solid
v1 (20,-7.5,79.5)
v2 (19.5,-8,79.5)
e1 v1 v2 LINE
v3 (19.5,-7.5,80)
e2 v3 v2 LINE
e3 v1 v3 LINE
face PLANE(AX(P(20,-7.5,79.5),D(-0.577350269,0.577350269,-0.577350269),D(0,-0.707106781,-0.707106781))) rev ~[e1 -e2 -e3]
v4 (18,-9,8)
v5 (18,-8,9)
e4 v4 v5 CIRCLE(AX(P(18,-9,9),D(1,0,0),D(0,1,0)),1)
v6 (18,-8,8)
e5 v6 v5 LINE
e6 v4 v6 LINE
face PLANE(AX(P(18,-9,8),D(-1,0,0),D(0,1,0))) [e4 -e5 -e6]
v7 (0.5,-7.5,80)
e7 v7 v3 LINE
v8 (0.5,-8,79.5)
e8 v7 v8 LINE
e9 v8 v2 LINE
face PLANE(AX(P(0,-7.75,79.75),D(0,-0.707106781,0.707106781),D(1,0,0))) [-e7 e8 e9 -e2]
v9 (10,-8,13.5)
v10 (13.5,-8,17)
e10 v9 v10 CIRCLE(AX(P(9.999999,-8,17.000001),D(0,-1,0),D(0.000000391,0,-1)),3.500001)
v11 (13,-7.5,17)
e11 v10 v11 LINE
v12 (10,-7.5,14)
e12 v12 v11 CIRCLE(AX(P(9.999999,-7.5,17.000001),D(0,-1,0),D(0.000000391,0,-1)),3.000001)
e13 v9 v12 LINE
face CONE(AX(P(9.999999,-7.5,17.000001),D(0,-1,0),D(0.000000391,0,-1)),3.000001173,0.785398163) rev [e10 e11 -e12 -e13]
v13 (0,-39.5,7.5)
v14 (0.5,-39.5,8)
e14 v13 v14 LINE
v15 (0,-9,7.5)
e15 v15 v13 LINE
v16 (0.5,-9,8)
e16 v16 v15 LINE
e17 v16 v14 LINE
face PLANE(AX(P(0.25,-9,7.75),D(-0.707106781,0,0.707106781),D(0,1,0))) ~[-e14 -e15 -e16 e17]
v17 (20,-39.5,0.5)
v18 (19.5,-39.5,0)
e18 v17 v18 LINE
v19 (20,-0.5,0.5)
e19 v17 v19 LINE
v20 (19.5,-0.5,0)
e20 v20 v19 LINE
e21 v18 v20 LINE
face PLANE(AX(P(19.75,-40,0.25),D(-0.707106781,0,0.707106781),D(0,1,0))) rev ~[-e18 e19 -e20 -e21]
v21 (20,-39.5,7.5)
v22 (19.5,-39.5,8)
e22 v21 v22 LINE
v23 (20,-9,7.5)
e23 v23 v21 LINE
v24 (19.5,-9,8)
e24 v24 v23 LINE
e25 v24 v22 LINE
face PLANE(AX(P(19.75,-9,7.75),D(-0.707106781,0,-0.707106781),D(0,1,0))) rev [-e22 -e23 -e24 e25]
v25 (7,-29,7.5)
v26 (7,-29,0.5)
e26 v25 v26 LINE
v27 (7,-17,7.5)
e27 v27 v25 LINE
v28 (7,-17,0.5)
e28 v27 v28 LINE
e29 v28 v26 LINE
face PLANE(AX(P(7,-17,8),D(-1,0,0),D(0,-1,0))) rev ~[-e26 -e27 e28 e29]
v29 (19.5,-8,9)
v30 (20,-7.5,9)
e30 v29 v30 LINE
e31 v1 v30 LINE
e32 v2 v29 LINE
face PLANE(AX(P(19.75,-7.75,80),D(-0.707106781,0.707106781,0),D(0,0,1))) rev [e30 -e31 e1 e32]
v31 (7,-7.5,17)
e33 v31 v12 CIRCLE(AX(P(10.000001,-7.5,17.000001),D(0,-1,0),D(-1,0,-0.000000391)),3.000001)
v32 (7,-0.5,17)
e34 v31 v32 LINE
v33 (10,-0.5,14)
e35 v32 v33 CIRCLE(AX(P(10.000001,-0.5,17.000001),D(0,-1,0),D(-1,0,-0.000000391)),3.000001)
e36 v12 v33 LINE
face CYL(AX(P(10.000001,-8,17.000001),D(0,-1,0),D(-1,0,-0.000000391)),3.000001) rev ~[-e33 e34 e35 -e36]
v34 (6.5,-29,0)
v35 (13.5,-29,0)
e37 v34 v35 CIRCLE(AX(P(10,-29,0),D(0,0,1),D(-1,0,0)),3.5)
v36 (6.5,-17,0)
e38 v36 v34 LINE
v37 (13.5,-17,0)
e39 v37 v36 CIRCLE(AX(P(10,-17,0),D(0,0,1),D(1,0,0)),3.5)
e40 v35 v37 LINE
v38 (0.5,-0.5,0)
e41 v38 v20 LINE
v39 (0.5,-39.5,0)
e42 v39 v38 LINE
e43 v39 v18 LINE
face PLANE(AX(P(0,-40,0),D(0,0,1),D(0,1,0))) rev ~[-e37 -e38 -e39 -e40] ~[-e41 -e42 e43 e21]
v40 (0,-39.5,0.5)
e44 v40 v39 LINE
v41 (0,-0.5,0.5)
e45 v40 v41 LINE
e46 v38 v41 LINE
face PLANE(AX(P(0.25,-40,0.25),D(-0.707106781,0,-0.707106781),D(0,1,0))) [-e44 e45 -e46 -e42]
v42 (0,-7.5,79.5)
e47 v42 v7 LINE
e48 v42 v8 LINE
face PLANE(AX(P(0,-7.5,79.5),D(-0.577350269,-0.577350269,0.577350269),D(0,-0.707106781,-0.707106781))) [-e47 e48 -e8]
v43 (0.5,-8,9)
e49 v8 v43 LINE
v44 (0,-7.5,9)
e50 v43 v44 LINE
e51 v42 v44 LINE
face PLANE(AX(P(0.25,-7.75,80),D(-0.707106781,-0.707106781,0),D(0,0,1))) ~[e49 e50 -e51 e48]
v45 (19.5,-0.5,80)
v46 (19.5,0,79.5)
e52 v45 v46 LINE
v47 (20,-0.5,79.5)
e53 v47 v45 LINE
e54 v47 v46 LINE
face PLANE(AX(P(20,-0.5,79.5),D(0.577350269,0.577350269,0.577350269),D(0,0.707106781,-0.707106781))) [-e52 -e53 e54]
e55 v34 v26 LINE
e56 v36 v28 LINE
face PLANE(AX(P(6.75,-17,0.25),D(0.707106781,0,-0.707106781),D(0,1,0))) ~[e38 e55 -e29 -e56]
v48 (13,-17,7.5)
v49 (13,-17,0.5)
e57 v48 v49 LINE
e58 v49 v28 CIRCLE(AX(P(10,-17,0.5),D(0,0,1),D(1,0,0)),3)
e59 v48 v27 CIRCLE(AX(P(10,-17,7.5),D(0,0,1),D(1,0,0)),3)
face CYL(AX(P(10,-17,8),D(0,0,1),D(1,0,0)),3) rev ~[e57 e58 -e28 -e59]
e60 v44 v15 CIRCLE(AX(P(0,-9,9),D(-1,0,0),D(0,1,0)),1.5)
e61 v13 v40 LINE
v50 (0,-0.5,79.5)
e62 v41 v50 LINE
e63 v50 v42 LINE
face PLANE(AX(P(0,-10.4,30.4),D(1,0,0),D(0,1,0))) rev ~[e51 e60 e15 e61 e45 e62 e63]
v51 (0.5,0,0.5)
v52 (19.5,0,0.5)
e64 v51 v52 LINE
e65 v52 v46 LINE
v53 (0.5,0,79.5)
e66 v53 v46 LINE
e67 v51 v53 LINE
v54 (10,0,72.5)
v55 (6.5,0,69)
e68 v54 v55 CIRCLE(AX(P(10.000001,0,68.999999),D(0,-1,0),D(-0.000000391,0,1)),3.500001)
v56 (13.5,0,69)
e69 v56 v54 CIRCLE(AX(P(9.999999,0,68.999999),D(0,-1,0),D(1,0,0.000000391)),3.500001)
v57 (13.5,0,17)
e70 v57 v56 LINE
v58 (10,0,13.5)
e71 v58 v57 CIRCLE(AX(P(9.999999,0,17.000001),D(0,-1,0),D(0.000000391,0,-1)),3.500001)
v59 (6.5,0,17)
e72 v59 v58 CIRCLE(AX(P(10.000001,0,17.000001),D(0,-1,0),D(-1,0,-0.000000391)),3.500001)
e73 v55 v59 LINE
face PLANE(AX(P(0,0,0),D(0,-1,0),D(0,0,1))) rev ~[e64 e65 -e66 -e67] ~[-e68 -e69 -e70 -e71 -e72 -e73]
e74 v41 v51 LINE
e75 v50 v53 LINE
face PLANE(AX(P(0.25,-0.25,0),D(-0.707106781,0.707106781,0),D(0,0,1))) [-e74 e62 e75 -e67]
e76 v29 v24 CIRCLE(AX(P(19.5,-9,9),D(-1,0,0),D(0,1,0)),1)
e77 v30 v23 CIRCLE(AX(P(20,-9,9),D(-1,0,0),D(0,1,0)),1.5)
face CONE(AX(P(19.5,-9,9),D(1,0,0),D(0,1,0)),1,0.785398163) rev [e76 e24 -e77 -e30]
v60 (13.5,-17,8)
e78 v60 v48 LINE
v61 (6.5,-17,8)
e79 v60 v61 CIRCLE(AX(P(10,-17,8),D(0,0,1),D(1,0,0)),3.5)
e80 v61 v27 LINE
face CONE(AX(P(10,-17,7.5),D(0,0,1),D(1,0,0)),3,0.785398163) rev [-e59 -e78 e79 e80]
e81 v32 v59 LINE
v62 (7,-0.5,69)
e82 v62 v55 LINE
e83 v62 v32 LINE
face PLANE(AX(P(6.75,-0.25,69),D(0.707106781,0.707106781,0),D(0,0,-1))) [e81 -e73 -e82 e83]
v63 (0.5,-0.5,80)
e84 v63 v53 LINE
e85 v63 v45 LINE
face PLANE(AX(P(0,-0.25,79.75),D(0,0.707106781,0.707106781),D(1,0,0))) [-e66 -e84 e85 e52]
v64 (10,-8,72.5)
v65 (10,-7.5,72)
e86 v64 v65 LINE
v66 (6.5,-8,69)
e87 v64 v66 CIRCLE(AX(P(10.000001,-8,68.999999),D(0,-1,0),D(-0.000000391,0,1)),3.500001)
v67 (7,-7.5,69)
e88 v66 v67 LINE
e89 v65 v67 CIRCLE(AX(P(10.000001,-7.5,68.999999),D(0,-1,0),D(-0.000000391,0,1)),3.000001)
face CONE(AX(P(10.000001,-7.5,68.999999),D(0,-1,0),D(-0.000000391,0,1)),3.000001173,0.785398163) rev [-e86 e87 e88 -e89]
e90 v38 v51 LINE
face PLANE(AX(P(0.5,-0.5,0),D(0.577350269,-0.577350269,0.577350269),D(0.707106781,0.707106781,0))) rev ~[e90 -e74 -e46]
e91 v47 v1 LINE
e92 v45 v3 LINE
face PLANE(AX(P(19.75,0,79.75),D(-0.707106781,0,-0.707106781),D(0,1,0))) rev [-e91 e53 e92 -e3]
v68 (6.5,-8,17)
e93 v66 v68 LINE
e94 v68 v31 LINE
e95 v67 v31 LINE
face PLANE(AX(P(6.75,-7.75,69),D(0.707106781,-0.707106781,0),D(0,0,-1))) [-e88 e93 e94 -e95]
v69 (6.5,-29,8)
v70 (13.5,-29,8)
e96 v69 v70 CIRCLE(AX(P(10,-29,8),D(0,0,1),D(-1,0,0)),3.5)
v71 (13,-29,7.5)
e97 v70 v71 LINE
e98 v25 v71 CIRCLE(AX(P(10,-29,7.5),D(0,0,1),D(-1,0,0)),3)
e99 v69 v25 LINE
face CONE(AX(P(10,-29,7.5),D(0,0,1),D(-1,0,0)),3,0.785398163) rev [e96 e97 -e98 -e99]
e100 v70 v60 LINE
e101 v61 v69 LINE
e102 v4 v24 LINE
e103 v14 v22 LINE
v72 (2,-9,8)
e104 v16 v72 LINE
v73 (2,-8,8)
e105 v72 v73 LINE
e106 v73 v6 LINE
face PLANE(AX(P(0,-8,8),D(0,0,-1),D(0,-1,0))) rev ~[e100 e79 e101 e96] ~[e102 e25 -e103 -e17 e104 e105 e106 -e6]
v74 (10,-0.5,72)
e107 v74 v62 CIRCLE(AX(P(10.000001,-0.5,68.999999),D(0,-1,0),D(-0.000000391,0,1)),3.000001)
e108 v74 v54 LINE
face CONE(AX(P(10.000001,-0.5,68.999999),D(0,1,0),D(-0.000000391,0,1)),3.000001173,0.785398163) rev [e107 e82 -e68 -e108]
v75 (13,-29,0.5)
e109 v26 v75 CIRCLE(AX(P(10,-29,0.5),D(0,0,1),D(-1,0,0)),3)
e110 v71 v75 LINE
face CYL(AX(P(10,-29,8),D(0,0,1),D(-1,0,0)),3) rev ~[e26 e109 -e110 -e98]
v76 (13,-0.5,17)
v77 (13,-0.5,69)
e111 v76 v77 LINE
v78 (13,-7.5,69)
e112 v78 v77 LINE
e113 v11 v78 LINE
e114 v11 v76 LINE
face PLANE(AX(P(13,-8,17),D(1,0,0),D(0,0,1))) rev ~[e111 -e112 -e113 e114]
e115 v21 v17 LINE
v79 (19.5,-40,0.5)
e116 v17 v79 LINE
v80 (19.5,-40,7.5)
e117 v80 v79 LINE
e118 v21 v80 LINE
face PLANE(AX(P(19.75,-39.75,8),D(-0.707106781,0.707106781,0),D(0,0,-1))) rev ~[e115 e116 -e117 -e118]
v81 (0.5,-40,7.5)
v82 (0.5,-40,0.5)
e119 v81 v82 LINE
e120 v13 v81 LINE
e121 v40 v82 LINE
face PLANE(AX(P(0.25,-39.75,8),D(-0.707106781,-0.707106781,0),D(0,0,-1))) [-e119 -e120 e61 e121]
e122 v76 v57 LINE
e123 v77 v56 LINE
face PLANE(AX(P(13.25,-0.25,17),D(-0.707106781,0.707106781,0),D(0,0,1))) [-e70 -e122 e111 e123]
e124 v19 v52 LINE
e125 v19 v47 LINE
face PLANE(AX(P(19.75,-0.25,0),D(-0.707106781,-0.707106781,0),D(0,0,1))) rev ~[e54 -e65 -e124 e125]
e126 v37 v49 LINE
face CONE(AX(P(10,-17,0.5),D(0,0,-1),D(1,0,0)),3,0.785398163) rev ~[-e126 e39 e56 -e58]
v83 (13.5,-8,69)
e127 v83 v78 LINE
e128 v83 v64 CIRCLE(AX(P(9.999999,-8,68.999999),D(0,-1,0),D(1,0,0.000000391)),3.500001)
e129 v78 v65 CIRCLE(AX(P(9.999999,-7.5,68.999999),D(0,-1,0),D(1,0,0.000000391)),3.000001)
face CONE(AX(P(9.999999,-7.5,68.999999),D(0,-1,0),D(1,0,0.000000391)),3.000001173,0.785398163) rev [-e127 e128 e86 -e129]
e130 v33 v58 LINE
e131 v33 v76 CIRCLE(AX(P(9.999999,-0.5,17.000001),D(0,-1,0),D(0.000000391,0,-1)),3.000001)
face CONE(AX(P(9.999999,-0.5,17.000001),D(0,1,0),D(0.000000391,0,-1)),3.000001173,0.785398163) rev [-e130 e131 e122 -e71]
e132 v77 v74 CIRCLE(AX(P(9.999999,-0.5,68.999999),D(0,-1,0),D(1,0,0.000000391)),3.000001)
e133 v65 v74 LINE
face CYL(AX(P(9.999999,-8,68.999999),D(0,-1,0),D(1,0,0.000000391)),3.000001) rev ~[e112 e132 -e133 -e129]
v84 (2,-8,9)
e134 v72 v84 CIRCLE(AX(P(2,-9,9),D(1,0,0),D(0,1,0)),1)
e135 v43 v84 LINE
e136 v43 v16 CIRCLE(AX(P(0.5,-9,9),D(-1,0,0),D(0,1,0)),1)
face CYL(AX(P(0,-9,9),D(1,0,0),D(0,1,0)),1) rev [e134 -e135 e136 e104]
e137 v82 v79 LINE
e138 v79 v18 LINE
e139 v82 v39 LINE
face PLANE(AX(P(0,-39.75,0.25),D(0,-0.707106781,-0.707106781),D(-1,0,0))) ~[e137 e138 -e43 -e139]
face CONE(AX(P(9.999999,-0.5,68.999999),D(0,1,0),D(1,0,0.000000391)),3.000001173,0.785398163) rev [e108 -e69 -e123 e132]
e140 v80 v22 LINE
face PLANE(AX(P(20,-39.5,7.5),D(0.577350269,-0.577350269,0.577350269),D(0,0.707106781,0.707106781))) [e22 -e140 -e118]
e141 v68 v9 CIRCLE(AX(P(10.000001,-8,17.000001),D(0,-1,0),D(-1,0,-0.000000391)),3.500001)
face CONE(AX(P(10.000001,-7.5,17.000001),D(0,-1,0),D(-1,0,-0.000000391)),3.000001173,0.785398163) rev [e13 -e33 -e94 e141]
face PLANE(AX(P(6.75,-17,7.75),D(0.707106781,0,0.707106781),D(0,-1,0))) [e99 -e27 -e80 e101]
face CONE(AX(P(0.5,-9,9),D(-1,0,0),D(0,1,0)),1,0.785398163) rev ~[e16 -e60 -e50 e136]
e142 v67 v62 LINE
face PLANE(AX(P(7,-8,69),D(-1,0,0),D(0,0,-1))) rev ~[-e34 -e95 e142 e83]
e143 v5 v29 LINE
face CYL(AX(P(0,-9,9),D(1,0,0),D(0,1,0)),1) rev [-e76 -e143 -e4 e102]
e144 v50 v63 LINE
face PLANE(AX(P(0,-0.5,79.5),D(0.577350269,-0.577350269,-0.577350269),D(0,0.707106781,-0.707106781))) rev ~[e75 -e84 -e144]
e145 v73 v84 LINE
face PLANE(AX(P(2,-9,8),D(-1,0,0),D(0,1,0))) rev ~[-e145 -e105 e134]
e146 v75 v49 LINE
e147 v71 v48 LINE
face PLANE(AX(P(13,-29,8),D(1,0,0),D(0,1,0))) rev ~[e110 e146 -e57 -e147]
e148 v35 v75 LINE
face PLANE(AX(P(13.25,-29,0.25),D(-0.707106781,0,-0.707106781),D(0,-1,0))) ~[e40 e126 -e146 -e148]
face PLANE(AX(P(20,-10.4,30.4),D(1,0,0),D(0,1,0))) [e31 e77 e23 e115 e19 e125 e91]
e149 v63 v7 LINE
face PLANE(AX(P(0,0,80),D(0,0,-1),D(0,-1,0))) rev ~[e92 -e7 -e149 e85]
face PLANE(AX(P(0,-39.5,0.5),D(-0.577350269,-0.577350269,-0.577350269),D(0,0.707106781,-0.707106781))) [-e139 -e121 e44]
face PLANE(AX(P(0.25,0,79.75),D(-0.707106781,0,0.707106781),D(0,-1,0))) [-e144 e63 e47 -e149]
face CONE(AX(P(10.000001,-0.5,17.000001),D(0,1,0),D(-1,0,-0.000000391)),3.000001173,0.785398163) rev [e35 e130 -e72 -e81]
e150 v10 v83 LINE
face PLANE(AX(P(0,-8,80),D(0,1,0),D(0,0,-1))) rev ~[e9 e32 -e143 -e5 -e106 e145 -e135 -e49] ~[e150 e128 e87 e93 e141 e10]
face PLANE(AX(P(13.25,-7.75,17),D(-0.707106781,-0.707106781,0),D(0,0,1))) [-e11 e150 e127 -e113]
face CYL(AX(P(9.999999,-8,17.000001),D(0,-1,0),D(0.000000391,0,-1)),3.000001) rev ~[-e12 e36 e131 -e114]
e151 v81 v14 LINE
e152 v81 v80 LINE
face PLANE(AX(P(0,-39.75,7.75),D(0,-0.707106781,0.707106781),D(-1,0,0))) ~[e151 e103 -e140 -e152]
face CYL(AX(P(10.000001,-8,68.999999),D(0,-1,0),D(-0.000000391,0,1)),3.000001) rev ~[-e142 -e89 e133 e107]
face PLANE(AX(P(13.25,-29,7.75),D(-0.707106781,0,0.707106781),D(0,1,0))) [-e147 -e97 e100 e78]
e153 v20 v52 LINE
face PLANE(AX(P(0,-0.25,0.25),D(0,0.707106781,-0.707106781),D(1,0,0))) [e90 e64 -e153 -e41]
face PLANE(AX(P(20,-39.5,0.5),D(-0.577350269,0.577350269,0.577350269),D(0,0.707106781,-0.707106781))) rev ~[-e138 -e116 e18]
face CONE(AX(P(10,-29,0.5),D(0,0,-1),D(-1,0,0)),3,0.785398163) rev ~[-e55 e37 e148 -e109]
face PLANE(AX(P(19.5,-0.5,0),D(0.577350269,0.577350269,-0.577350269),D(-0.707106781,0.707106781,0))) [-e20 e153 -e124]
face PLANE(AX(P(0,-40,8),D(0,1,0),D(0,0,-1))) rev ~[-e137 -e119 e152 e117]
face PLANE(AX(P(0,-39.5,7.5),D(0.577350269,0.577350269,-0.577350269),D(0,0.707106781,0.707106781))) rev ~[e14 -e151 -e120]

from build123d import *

# Parameters (mm, degrees)
F1_DEPTH = 20
F2_R     = 1
F3_W     = 16
F3_H     = 1
F4_DEPTH = 25
F6_DEPTH = 25
F8_DEPTH = 25
F9_SIZE  = 0.5


with BuildPart() as f1:
    # F0 (on Right) → F1 (new body)
    with BuildSketch(Plane.YZ):
        Polygon((-40, 0), (0, 0), (0, 80), (-8, 80), (-8, 8), (-40, 8), align=None)
    extrude(amount=F1_DEPTH)

    # F2
    f2_edges = [f1.edges().sort_by_distance(p)[0] for p in [
        (10, -8, 8),
    ]]
    fillet(f2_edges, radius=F2_R)

    # F3 (on face) → F4 (cut)
    with BuildSketch(Plane.XY.offset(8)):
        with Locations((10, -8.5)):
            Rectangle(F3_W, F3_H)
    extrude(amount=F4_DEPTH, mode=Mode.SUBTRACT)

    # F5 (on face) → F6 (cut)
    with BuildSketch(Plane.XY.offset(8)):
        with BuildLine():
            Line((7, -17), (7, -29))
            ThreePointArc((7, -29), (10, -32), (13, -29))
            Line((13, -29), (13, -17))
            ThreePointArc((13, -17), (10, -14), (7, -17))
        make_face()
    extrude(amount=-F6_DEPTH, mode=Mode.SUBTRACT)

    # F7 (on face) → F8 (cut)
    with BuildSketch(Plane.XZ.offset(8)):
        with BuildLine():
            ThreePointArc((13, 69), (12.12132, 71.12132), (10, 72))
            Line((10, 72), (10, 14))
            ThreePointArc((10, 14), (12.12132, 14.87868), (13, 17))
            Line((13, 17), (13, 69))
        make_face()
        with BuildLine():
            Line((10, 14), (10, 72))
            ThreePointArc((10, 72), (7.87868, 71.12132), (7, 69))
            Line((7, 69), (7, 17))
            ThreePointArc((7, 17), (7.87868, 14.87868), (10, 14))
        make_face()
    extrude(amount=-F8_DEPTH, mode=Mode.SUBTRACT)

    # F9
    f9_edges = [f1.edges().sort_by_distance(p)[0] for p in [
        (10, 0, 80),
        (10, -8, 80),
        (0, -4, 80),
        (20, -4, 80),
        (10, -40, 8),
        (10, -40, 0),
        (0, -40, 4),
        (20, -40, 4),
        (20, -8, 44.5),
        (20, -8.292893, 8.292893),
        (20, -24.5, 8),
        (20, 0, 40),
        (20, -20, 0),
        (0, -8, 44.5),
        (0, -8.292893, 8.292893),
        (0, -24.5, 8),
        (0, 0, 40),
        (0, -20, 0),
        (7, -8, 43),
        (7, 0, 43),
        (7, -23, 0),
        (7, -23, 8),
        (10, 0, 0),
    ]]
    chamfer(f9_edges, length=F9_SIZE)


solid = f1.part
